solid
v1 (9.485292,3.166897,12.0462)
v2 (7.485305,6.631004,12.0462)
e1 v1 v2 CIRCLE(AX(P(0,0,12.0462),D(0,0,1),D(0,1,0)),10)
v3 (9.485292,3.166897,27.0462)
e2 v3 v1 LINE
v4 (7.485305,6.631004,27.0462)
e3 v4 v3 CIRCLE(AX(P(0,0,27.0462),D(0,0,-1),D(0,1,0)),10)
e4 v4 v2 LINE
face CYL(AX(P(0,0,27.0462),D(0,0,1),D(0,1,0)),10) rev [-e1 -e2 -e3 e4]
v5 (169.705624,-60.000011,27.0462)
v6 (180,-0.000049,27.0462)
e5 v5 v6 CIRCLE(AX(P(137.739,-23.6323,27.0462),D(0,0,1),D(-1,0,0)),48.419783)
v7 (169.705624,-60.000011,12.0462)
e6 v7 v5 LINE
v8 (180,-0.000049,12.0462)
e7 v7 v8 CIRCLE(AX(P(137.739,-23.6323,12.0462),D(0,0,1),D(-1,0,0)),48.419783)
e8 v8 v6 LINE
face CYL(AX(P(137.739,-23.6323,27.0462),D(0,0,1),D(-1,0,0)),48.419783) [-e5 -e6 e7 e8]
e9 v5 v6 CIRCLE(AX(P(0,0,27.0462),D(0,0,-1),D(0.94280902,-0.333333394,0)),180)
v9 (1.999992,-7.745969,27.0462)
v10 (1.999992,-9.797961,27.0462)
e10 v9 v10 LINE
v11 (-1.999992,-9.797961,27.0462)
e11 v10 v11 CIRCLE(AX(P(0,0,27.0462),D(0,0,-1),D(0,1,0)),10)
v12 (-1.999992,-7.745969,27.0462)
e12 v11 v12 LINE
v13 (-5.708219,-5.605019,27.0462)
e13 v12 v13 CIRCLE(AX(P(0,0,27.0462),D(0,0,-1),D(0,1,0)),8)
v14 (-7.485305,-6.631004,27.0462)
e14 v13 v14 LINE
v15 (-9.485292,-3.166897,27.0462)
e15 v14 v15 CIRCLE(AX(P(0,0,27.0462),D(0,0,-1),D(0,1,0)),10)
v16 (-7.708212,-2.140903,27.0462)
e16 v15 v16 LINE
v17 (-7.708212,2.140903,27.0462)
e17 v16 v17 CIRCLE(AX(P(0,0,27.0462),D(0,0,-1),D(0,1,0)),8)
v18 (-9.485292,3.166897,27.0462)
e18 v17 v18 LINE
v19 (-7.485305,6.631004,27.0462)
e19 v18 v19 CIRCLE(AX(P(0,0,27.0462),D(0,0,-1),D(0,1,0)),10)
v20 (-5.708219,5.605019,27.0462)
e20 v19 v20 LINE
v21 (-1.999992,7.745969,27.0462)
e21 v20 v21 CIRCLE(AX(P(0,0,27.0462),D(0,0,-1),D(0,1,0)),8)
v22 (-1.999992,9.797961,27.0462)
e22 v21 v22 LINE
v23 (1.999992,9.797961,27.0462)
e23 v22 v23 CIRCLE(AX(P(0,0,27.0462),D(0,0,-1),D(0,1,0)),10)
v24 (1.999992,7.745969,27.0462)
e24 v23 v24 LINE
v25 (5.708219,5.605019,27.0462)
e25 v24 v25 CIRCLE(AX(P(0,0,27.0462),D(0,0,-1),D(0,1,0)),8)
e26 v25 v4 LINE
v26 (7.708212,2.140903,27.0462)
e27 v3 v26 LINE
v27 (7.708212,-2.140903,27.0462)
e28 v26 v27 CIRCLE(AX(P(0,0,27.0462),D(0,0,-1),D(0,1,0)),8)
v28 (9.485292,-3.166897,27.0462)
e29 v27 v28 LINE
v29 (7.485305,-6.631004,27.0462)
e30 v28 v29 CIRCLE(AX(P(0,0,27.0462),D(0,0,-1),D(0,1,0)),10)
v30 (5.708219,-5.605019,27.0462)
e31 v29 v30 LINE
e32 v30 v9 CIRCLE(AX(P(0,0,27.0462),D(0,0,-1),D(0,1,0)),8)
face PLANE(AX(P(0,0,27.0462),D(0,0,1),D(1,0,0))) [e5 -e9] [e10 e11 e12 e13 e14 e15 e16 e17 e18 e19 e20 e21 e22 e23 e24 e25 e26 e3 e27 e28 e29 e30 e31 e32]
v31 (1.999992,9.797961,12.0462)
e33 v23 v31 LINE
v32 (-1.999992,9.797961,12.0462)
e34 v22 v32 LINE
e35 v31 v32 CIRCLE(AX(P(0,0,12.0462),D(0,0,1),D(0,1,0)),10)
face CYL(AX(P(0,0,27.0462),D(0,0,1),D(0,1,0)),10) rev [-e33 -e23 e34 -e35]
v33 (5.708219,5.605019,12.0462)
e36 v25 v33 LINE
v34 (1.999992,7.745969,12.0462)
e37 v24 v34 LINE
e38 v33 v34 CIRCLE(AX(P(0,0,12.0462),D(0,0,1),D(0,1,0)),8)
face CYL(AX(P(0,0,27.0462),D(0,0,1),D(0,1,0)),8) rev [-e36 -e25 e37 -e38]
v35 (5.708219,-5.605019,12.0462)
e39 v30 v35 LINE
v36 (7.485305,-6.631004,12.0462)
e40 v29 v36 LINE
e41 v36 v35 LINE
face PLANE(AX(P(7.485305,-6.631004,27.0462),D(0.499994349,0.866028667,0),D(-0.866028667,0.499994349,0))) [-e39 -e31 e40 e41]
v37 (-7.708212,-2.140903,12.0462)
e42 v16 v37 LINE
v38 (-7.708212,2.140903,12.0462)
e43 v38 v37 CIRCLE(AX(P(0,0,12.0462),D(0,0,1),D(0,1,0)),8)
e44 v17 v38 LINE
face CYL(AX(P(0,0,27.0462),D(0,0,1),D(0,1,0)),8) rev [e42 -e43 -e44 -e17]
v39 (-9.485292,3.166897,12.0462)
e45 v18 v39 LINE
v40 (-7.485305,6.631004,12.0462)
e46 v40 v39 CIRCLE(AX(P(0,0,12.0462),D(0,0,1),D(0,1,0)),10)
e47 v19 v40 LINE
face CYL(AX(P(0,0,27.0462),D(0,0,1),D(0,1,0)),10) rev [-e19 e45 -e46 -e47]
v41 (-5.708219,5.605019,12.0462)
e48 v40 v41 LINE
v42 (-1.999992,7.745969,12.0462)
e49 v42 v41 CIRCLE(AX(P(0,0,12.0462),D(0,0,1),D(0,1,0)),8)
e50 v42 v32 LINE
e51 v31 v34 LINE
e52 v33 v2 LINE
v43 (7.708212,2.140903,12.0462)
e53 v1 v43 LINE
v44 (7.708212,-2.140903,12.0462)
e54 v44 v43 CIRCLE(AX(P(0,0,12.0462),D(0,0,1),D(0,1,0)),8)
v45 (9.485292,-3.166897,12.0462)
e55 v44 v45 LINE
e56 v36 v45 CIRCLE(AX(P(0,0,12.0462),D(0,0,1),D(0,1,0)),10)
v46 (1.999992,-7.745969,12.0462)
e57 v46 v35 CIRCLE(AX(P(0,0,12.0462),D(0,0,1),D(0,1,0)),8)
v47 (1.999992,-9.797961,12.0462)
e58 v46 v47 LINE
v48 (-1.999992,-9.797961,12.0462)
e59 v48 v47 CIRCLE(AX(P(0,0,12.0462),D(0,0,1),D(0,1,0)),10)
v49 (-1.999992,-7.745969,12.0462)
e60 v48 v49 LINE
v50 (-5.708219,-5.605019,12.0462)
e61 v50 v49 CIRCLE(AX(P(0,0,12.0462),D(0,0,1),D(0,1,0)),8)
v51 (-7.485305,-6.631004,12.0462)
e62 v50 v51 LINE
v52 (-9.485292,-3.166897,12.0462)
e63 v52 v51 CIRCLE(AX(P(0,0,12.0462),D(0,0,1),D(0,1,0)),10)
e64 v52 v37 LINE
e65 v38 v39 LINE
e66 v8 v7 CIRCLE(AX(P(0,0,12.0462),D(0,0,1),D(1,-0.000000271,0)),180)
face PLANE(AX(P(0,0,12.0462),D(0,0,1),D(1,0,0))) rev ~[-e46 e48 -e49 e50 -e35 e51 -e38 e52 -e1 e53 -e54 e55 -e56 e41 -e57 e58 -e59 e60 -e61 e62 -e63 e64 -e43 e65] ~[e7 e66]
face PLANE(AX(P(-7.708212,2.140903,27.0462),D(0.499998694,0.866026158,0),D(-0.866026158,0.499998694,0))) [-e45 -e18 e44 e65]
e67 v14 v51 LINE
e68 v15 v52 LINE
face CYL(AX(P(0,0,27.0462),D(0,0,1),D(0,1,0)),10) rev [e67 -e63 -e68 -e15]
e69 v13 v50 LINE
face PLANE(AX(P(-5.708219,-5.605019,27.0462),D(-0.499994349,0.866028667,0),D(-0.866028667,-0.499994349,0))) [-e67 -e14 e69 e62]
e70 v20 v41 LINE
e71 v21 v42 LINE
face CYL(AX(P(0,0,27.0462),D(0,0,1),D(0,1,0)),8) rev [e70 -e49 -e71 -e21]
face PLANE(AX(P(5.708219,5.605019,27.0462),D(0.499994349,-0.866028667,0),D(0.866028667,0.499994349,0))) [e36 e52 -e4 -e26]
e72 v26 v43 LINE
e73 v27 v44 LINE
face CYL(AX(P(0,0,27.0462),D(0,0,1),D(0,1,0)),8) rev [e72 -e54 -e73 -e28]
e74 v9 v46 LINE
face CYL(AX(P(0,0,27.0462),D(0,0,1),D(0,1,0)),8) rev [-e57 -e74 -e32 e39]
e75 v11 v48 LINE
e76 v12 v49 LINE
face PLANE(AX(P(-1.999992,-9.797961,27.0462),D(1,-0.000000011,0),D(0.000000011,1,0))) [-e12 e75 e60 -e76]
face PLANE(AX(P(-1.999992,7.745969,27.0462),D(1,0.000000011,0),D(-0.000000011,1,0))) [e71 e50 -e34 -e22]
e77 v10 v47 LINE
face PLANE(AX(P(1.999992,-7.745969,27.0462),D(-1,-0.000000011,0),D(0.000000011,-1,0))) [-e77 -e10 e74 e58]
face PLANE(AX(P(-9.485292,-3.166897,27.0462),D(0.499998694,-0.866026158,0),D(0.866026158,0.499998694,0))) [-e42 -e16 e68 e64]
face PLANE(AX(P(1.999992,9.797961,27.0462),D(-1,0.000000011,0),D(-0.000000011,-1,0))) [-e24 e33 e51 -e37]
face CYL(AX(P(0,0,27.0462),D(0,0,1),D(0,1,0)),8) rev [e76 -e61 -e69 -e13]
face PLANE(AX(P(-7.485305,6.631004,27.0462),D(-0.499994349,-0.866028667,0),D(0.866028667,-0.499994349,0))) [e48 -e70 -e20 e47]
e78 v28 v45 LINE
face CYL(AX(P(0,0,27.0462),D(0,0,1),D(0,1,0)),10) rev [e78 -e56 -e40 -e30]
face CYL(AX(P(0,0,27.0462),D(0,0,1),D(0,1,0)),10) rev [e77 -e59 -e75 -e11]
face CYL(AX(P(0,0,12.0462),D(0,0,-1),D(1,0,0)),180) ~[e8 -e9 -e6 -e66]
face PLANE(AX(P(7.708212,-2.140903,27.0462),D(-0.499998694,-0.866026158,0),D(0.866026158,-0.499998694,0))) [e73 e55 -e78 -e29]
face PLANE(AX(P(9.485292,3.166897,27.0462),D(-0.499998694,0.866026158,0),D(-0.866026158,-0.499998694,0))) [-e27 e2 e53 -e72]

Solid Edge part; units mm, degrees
sketch "Sketch1" plane through (0, 0, 12.0462) normal (0, 0, 1) x (1, 0, 0)
  circle A0 centre (0, 0) radius 180
extrude "ProtrusioneEstrusa_1" add sketch "Sketch1" along normal blind 15
sketch "Sketch2" plane through (0, 0, 27.0462) normal (0, 0, 1) x (0, 1, 0)
  arc A0 (6.631, -7.4853) -> (3.1669, -9.4853) centre (0, 0) cw
  line L0 (3.1669, -9.4853) -> (2.1409, -7.7082)
  arc A1 (2.1409, -7.7082) -> (-2.1409, -7.7082) centre (0, 0) cw
  line L1 (-2.1409, -7.7082) -> (-3.1669, -9.4853)
  arc A2 (-3.1669, -9.4853) -> (-6.631, -7.4853) centre (0, 0) cw
  line L2 (-6.631, -7.4853) -> (-5.605, -5.7082)
  arc A3 (-5.605, -5.7082) -> (-7.746, -2) centre (0, 0) cw
  line L3 (-7.746, -2) -> (-9.798, -2)
  arc A4 (-9.798, -2) -> (-9.798, 2) centre (0, 0) cw
  line L4 (-9.798, 2) -> (-7.746, 2)
  arc A5 (-7.746, 2) -> (-5.605, 5.7082) centre (0, 0) cw
  line L5 (-5.605, 5.7082) -> (-6.631, 7.4853)
  arc A6 (-6.631, 7.4853) -> (-3.1669, 9.4853) centre (0, 0) cw
  line L6 (-3.1669, 9.4853) -> (-2.1409, 7.7082)
  arc A7 (-2.1409, 7.7082) -> (2.1409, 7.7082) centre (0, 0) cw
  line L7 (2.1409, 7.7082) -> (3.1669, 9.4853)
  arc A8 (3.1669, 9.4853) -> (6.631, 7.4853) centre (0, 0) cw
  line L8 (6.631, 7.4853) -> (5.605, 5.7082)
  arc A9 (5.605, 5.7082) -> (7.746, 2) centre (0, 0) cw
  line L9 (7.746, 2) -> (9.798, 2)
  arc A10 (9.798, 2) -> (9.798, -2) centre (0, 0) cw
  line L10 (9.798, -2) -> (7.746, -2)
  arc A11 (7.746, -2) -> (5.605, -5.7082) centre (0, 0) cw
  line L11 (5.605, -5.7082) -> (6.631, -7.4853)
extrude "Cutout1" cut sketch "Sketch2" against normal through all
sketch "Sketch3" plane through (0, 0, 27.0462) normal (0, 0, 1) x (-1, 0, 0)
  arc A0 (-169.7056, 60) -> (-180, 0) centre (-137.739, 23.6323) ccw
extrude "Protrusion1" add sketch "Sketch3" against normal up to vertex (15 mm away) material side at (185.4122, -31.8117, 27.0462)
properties material "Policarbonato"
